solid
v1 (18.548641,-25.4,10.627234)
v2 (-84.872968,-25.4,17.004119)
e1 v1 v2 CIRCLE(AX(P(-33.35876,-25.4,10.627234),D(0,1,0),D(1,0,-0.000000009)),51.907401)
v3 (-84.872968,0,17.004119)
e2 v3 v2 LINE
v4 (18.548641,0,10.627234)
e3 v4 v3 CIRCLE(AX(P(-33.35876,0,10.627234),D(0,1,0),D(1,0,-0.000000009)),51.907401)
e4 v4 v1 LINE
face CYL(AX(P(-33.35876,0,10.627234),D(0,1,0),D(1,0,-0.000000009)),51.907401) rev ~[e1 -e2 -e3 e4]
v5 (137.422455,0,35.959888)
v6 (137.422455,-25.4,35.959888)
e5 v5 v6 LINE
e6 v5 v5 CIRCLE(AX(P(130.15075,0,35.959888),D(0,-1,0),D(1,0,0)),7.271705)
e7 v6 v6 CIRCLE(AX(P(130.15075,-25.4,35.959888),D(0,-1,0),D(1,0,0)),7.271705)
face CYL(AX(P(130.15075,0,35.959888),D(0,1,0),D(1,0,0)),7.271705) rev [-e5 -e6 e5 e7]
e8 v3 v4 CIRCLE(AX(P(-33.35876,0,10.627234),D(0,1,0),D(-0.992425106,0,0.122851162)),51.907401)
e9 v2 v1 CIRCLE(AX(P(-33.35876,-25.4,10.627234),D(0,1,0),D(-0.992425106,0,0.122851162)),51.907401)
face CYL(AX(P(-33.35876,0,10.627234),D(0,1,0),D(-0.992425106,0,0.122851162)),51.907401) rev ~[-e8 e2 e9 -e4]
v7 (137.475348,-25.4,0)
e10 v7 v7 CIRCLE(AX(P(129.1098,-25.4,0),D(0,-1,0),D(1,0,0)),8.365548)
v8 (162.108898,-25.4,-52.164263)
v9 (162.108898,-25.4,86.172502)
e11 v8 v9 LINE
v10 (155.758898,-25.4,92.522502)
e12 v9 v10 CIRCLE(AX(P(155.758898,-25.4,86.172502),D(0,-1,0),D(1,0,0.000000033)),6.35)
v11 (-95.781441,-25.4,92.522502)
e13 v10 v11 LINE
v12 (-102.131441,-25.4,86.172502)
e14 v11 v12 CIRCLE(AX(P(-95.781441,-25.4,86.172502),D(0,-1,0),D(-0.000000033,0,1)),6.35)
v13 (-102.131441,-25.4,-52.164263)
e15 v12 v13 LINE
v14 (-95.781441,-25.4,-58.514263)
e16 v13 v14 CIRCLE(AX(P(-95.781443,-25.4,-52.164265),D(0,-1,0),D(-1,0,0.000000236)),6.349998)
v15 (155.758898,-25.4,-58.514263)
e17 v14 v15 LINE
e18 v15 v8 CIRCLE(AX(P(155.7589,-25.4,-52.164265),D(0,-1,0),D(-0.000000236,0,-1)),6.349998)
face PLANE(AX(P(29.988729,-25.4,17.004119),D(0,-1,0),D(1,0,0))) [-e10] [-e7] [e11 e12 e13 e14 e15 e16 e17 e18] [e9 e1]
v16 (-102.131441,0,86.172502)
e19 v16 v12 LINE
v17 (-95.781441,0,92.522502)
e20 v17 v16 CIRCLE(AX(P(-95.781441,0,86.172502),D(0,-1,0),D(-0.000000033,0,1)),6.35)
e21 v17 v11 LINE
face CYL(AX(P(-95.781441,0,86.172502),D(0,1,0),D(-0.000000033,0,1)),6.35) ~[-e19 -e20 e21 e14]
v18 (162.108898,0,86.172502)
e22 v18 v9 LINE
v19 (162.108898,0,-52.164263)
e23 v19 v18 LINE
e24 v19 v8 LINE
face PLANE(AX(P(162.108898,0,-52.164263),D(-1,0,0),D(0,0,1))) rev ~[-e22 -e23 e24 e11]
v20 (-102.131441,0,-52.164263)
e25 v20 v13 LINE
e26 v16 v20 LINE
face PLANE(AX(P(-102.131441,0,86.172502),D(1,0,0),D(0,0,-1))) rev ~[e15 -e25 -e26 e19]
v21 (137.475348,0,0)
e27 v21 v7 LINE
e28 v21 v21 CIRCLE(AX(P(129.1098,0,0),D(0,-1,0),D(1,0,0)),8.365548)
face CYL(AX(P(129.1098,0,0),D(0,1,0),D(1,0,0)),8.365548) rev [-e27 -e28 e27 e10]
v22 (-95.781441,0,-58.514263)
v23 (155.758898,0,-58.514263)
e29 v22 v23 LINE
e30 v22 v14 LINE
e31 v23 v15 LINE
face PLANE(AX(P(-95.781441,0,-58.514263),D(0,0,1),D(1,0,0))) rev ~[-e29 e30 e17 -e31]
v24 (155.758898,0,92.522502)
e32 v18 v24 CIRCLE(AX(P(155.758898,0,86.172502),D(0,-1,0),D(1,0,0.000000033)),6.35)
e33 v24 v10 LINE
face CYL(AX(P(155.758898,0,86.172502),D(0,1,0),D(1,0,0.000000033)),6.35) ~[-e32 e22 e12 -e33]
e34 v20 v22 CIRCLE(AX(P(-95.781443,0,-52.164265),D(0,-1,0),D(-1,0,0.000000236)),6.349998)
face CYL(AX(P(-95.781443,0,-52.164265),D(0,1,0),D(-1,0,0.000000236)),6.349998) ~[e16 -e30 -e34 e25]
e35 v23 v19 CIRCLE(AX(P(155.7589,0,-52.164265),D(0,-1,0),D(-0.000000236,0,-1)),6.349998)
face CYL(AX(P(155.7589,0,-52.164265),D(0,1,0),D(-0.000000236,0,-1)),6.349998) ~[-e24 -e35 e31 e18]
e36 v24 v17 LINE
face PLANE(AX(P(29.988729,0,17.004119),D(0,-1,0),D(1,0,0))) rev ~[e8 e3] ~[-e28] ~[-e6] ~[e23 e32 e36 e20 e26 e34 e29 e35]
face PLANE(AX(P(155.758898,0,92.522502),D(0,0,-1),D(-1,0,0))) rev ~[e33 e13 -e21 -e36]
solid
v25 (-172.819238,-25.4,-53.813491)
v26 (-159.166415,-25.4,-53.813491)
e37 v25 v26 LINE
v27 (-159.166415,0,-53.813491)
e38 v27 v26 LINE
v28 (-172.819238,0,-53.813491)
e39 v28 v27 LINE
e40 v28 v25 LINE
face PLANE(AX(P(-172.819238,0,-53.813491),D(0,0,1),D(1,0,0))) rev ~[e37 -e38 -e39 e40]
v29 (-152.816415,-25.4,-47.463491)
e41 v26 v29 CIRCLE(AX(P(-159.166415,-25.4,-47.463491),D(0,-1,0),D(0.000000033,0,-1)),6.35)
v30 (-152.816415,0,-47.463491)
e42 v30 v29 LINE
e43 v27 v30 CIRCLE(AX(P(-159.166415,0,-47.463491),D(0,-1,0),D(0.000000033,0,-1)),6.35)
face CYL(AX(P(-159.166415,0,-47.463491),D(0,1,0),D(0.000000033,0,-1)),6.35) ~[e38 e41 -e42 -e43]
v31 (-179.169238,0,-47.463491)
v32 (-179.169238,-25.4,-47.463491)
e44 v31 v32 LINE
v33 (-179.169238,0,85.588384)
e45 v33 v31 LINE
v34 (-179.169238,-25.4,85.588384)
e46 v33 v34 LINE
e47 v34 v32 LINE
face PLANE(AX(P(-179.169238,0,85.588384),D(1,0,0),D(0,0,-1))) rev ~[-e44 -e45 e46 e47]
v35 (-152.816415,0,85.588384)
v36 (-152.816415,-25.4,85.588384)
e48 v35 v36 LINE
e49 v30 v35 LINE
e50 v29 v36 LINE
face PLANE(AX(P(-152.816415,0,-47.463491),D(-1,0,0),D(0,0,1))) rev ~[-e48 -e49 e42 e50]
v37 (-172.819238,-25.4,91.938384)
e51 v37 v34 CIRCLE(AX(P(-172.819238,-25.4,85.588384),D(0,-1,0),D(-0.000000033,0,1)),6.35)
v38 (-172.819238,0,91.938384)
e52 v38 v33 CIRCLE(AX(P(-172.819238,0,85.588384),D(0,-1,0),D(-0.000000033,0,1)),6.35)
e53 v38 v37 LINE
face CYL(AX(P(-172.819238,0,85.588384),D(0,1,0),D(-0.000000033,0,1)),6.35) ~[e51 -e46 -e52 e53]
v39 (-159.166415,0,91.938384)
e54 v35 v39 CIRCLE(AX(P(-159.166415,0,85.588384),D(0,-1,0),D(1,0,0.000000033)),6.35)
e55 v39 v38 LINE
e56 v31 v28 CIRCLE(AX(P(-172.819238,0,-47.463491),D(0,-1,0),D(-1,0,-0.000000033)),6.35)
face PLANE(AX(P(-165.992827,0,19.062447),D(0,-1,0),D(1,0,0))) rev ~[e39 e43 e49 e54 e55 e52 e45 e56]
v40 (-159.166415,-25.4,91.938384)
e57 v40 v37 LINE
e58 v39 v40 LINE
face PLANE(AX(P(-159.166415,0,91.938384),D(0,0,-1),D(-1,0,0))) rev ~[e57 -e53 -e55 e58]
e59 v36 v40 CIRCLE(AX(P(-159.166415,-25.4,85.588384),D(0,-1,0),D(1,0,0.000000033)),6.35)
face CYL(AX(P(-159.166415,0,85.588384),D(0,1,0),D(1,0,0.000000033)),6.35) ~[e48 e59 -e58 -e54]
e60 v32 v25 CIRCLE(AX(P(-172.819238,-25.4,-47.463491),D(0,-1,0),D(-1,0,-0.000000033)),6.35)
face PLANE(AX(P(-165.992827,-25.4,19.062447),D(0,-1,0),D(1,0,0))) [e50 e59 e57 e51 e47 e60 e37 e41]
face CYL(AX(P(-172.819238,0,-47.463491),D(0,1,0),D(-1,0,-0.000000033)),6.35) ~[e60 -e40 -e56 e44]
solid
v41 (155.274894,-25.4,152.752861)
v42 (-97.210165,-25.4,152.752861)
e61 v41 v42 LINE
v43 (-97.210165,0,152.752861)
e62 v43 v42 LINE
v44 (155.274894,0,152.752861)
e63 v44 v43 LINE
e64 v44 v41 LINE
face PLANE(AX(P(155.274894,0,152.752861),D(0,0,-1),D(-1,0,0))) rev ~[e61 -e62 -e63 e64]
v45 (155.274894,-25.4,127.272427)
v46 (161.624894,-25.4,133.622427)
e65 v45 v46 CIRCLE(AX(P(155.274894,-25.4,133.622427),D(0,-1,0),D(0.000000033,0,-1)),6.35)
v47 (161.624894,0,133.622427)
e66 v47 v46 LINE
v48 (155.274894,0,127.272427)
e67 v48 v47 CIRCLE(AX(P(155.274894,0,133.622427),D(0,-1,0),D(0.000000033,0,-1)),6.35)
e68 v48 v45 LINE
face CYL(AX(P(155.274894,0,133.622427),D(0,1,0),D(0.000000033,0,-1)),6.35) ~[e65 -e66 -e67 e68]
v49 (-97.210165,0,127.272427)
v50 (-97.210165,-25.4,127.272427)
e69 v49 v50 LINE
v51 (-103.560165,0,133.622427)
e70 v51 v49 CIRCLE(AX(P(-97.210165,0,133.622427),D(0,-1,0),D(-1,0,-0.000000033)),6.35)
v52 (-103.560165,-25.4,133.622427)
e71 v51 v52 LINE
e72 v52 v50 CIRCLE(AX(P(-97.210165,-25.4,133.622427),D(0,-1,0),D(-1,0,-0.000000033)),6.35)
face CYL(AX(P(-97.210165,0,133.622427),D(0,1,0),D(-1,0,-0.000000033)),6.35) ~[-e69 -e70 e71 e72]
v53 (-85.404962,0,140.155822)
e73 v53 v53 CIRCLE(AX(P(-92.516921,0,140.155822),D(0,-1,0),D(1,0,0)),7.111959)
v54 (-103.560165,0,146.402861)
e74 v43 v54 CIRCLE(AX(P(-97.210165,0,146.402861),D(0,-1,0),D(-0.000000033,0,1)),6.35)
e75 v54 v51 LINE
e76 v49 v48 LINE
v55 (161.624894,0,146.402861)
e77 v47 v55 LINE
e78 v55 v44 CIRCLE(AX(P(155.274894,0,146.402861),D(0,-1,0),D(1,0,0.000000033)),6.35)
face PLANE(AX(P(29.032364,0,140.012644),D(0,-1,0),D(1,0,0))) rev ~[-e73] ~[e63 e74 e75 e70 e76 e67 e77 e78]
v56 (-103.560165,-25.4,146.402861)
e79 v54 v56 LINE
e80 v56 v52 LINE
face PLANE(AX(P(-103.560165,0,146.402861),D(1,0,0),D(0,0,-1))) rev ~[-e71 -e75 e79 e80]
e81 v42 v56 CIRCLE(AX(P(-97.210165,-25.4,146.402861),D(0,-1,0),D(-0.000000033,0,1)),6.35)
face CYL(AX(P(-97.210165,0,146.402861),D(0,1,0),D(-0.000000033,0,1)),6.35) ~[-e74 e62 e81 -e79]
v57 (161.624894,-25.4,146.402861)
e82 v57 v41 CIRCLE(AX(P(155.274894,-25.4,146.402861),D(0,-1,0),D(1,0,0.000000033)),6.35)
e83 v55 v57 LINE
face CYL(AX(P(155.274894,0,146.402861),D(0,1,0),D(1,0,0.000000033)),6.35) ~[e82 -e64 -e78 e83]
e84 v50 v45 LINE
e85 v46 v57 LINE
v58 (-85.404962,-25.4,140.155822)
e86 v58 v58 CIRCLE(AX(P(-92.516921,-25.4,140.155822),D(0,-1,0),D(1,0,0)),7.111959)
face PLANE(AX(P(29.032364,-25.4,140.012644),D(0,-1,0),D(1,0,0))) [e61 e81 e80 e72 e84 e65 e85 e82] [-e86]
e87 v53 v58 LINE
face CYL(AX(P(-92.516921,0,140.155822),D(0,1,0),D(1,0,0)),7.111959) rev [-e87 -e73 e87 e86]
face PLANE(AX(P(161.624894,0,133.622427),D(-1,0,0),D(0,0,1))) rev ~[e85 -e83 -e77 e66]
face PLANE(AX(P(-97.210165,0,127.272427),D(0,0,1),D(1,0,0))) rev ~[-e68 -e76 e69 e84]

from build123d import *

# Parameters (mm, degrees)
F0_R     = 8.365548
F0_R_2   = 7.271705
F0_R_3   = 7.111959
F1_DEPTH = 25.4


with BuildPart() as f1:
    # F0 (on Front) → F1 (new body)
    with BuildSketch(Plane.XZ):
        with BuildLine():
            ThreePointArc((-102.131441, -52.164263), (-100.271569, -56.654392), (-95.781441, -58.514263))
            Line((-95.781441, -58.514263), (155.758898, -58.514263))
            ThreePointArc((155.758898, -58.514263), (160.249026, -56.654392), (162.108898, -52.164263))
            Line((162.108898, -52.164263), (162.108898, 86.172502))
            ThreePointArc((162.108898, 86.172502), (160.249026, 90.66263), (155.758898, 92.522502))
            Line((155.758898, 92.522502), (-95.781441, 92.522502))
            ThreePointArc((-95.781441, 92.522502), (-100.271569, 90.66263), (-102.131441, 86.172502))
            Line((-102.131441, 86.172502), (-102.131441, 17.004119))
            Line((-102.131441, 17.004119), (-102.131441, -52.164263))
        make_face()
        with BuildLine():
            ThreePointArc((18.548641, 10.627234), (-36.553258, -41.181775), (-84.872968, 17.004119))
            ThreePointArc((-84.872968, 17.004119), (-30.164263, 62.436244), (18.548641, 10.627234))
        make_face(mode=Mode.SUBTRACT)
        with Locations((129.1098, 0)):
            Circle(F0_R, mode=Mode.SUBTRACT)
        with Locations((130.15075, 35.959888)):
            Circle(F0_R_2, mode=Mode.SUBTRACT)
        with BuildLine():
            ThreePointArc((-152.816415, 85.588384), (-154.676287, 90.078512), (-159.166415, 91.938384))
            Line((-159.166415, 91.938384), (-172.819238, 91.938384))
            ThreePointArc((-172.819238, 91.938384), (-177.309366, 90.078512), (-179.169238, 85.588384))
            Line((-179.169238, 85.588384), (-179.169238, -47.463491))
            ThreePointArc((-179.169238, -47.463491), (-177.309366, -51.953619), (-172.819238, -53.813491))
            Line((-172.819238, -53.813491), (-159.166415, -53.813491))
            ThreePointArc((-159.166415, -53.813491), (-154.676287, -51.953619), (-152.816415, -47.463491))
            Line((-152.816415, -47.463491), (-152.816415, 85.588384))
        make_face()
        with BuildLine():
            ThreePointArc((-103.560165, 133.622427), (-101.700293, 129.132299), (-97.210165, 127.272427))
            Line((-97.210165, 127.272427), (155.274894, 127.272427))
            ThreePointArc((155.274894, 127.272427), (159.765022, 129.132299), (161.624894, 133.622427))
            Line((161.624894, 133.622427), (161.624894, 146.402861))
            ThreePointArc((161.624894, 146.402861), (159.765022, 150.892989), (155.274894, 152.752861))
            Line((155.274894, 152.752861), (-97.210165, 152.752861))
            ThreePointArc((-97.210165, 152.752861), (-101.700293, 150.892989), (-103.560165, 146.402861))
            Line((-103.560165, 146.402861), (-103.560165, 133.622427))
        make_face()
        with Locations((-92.516921, 140.155822)):
            Circle(F0_R_3, mode=Mode.SUBTRACT)
    extrude(amount=F1_DEPTH)


solid = f1.part
